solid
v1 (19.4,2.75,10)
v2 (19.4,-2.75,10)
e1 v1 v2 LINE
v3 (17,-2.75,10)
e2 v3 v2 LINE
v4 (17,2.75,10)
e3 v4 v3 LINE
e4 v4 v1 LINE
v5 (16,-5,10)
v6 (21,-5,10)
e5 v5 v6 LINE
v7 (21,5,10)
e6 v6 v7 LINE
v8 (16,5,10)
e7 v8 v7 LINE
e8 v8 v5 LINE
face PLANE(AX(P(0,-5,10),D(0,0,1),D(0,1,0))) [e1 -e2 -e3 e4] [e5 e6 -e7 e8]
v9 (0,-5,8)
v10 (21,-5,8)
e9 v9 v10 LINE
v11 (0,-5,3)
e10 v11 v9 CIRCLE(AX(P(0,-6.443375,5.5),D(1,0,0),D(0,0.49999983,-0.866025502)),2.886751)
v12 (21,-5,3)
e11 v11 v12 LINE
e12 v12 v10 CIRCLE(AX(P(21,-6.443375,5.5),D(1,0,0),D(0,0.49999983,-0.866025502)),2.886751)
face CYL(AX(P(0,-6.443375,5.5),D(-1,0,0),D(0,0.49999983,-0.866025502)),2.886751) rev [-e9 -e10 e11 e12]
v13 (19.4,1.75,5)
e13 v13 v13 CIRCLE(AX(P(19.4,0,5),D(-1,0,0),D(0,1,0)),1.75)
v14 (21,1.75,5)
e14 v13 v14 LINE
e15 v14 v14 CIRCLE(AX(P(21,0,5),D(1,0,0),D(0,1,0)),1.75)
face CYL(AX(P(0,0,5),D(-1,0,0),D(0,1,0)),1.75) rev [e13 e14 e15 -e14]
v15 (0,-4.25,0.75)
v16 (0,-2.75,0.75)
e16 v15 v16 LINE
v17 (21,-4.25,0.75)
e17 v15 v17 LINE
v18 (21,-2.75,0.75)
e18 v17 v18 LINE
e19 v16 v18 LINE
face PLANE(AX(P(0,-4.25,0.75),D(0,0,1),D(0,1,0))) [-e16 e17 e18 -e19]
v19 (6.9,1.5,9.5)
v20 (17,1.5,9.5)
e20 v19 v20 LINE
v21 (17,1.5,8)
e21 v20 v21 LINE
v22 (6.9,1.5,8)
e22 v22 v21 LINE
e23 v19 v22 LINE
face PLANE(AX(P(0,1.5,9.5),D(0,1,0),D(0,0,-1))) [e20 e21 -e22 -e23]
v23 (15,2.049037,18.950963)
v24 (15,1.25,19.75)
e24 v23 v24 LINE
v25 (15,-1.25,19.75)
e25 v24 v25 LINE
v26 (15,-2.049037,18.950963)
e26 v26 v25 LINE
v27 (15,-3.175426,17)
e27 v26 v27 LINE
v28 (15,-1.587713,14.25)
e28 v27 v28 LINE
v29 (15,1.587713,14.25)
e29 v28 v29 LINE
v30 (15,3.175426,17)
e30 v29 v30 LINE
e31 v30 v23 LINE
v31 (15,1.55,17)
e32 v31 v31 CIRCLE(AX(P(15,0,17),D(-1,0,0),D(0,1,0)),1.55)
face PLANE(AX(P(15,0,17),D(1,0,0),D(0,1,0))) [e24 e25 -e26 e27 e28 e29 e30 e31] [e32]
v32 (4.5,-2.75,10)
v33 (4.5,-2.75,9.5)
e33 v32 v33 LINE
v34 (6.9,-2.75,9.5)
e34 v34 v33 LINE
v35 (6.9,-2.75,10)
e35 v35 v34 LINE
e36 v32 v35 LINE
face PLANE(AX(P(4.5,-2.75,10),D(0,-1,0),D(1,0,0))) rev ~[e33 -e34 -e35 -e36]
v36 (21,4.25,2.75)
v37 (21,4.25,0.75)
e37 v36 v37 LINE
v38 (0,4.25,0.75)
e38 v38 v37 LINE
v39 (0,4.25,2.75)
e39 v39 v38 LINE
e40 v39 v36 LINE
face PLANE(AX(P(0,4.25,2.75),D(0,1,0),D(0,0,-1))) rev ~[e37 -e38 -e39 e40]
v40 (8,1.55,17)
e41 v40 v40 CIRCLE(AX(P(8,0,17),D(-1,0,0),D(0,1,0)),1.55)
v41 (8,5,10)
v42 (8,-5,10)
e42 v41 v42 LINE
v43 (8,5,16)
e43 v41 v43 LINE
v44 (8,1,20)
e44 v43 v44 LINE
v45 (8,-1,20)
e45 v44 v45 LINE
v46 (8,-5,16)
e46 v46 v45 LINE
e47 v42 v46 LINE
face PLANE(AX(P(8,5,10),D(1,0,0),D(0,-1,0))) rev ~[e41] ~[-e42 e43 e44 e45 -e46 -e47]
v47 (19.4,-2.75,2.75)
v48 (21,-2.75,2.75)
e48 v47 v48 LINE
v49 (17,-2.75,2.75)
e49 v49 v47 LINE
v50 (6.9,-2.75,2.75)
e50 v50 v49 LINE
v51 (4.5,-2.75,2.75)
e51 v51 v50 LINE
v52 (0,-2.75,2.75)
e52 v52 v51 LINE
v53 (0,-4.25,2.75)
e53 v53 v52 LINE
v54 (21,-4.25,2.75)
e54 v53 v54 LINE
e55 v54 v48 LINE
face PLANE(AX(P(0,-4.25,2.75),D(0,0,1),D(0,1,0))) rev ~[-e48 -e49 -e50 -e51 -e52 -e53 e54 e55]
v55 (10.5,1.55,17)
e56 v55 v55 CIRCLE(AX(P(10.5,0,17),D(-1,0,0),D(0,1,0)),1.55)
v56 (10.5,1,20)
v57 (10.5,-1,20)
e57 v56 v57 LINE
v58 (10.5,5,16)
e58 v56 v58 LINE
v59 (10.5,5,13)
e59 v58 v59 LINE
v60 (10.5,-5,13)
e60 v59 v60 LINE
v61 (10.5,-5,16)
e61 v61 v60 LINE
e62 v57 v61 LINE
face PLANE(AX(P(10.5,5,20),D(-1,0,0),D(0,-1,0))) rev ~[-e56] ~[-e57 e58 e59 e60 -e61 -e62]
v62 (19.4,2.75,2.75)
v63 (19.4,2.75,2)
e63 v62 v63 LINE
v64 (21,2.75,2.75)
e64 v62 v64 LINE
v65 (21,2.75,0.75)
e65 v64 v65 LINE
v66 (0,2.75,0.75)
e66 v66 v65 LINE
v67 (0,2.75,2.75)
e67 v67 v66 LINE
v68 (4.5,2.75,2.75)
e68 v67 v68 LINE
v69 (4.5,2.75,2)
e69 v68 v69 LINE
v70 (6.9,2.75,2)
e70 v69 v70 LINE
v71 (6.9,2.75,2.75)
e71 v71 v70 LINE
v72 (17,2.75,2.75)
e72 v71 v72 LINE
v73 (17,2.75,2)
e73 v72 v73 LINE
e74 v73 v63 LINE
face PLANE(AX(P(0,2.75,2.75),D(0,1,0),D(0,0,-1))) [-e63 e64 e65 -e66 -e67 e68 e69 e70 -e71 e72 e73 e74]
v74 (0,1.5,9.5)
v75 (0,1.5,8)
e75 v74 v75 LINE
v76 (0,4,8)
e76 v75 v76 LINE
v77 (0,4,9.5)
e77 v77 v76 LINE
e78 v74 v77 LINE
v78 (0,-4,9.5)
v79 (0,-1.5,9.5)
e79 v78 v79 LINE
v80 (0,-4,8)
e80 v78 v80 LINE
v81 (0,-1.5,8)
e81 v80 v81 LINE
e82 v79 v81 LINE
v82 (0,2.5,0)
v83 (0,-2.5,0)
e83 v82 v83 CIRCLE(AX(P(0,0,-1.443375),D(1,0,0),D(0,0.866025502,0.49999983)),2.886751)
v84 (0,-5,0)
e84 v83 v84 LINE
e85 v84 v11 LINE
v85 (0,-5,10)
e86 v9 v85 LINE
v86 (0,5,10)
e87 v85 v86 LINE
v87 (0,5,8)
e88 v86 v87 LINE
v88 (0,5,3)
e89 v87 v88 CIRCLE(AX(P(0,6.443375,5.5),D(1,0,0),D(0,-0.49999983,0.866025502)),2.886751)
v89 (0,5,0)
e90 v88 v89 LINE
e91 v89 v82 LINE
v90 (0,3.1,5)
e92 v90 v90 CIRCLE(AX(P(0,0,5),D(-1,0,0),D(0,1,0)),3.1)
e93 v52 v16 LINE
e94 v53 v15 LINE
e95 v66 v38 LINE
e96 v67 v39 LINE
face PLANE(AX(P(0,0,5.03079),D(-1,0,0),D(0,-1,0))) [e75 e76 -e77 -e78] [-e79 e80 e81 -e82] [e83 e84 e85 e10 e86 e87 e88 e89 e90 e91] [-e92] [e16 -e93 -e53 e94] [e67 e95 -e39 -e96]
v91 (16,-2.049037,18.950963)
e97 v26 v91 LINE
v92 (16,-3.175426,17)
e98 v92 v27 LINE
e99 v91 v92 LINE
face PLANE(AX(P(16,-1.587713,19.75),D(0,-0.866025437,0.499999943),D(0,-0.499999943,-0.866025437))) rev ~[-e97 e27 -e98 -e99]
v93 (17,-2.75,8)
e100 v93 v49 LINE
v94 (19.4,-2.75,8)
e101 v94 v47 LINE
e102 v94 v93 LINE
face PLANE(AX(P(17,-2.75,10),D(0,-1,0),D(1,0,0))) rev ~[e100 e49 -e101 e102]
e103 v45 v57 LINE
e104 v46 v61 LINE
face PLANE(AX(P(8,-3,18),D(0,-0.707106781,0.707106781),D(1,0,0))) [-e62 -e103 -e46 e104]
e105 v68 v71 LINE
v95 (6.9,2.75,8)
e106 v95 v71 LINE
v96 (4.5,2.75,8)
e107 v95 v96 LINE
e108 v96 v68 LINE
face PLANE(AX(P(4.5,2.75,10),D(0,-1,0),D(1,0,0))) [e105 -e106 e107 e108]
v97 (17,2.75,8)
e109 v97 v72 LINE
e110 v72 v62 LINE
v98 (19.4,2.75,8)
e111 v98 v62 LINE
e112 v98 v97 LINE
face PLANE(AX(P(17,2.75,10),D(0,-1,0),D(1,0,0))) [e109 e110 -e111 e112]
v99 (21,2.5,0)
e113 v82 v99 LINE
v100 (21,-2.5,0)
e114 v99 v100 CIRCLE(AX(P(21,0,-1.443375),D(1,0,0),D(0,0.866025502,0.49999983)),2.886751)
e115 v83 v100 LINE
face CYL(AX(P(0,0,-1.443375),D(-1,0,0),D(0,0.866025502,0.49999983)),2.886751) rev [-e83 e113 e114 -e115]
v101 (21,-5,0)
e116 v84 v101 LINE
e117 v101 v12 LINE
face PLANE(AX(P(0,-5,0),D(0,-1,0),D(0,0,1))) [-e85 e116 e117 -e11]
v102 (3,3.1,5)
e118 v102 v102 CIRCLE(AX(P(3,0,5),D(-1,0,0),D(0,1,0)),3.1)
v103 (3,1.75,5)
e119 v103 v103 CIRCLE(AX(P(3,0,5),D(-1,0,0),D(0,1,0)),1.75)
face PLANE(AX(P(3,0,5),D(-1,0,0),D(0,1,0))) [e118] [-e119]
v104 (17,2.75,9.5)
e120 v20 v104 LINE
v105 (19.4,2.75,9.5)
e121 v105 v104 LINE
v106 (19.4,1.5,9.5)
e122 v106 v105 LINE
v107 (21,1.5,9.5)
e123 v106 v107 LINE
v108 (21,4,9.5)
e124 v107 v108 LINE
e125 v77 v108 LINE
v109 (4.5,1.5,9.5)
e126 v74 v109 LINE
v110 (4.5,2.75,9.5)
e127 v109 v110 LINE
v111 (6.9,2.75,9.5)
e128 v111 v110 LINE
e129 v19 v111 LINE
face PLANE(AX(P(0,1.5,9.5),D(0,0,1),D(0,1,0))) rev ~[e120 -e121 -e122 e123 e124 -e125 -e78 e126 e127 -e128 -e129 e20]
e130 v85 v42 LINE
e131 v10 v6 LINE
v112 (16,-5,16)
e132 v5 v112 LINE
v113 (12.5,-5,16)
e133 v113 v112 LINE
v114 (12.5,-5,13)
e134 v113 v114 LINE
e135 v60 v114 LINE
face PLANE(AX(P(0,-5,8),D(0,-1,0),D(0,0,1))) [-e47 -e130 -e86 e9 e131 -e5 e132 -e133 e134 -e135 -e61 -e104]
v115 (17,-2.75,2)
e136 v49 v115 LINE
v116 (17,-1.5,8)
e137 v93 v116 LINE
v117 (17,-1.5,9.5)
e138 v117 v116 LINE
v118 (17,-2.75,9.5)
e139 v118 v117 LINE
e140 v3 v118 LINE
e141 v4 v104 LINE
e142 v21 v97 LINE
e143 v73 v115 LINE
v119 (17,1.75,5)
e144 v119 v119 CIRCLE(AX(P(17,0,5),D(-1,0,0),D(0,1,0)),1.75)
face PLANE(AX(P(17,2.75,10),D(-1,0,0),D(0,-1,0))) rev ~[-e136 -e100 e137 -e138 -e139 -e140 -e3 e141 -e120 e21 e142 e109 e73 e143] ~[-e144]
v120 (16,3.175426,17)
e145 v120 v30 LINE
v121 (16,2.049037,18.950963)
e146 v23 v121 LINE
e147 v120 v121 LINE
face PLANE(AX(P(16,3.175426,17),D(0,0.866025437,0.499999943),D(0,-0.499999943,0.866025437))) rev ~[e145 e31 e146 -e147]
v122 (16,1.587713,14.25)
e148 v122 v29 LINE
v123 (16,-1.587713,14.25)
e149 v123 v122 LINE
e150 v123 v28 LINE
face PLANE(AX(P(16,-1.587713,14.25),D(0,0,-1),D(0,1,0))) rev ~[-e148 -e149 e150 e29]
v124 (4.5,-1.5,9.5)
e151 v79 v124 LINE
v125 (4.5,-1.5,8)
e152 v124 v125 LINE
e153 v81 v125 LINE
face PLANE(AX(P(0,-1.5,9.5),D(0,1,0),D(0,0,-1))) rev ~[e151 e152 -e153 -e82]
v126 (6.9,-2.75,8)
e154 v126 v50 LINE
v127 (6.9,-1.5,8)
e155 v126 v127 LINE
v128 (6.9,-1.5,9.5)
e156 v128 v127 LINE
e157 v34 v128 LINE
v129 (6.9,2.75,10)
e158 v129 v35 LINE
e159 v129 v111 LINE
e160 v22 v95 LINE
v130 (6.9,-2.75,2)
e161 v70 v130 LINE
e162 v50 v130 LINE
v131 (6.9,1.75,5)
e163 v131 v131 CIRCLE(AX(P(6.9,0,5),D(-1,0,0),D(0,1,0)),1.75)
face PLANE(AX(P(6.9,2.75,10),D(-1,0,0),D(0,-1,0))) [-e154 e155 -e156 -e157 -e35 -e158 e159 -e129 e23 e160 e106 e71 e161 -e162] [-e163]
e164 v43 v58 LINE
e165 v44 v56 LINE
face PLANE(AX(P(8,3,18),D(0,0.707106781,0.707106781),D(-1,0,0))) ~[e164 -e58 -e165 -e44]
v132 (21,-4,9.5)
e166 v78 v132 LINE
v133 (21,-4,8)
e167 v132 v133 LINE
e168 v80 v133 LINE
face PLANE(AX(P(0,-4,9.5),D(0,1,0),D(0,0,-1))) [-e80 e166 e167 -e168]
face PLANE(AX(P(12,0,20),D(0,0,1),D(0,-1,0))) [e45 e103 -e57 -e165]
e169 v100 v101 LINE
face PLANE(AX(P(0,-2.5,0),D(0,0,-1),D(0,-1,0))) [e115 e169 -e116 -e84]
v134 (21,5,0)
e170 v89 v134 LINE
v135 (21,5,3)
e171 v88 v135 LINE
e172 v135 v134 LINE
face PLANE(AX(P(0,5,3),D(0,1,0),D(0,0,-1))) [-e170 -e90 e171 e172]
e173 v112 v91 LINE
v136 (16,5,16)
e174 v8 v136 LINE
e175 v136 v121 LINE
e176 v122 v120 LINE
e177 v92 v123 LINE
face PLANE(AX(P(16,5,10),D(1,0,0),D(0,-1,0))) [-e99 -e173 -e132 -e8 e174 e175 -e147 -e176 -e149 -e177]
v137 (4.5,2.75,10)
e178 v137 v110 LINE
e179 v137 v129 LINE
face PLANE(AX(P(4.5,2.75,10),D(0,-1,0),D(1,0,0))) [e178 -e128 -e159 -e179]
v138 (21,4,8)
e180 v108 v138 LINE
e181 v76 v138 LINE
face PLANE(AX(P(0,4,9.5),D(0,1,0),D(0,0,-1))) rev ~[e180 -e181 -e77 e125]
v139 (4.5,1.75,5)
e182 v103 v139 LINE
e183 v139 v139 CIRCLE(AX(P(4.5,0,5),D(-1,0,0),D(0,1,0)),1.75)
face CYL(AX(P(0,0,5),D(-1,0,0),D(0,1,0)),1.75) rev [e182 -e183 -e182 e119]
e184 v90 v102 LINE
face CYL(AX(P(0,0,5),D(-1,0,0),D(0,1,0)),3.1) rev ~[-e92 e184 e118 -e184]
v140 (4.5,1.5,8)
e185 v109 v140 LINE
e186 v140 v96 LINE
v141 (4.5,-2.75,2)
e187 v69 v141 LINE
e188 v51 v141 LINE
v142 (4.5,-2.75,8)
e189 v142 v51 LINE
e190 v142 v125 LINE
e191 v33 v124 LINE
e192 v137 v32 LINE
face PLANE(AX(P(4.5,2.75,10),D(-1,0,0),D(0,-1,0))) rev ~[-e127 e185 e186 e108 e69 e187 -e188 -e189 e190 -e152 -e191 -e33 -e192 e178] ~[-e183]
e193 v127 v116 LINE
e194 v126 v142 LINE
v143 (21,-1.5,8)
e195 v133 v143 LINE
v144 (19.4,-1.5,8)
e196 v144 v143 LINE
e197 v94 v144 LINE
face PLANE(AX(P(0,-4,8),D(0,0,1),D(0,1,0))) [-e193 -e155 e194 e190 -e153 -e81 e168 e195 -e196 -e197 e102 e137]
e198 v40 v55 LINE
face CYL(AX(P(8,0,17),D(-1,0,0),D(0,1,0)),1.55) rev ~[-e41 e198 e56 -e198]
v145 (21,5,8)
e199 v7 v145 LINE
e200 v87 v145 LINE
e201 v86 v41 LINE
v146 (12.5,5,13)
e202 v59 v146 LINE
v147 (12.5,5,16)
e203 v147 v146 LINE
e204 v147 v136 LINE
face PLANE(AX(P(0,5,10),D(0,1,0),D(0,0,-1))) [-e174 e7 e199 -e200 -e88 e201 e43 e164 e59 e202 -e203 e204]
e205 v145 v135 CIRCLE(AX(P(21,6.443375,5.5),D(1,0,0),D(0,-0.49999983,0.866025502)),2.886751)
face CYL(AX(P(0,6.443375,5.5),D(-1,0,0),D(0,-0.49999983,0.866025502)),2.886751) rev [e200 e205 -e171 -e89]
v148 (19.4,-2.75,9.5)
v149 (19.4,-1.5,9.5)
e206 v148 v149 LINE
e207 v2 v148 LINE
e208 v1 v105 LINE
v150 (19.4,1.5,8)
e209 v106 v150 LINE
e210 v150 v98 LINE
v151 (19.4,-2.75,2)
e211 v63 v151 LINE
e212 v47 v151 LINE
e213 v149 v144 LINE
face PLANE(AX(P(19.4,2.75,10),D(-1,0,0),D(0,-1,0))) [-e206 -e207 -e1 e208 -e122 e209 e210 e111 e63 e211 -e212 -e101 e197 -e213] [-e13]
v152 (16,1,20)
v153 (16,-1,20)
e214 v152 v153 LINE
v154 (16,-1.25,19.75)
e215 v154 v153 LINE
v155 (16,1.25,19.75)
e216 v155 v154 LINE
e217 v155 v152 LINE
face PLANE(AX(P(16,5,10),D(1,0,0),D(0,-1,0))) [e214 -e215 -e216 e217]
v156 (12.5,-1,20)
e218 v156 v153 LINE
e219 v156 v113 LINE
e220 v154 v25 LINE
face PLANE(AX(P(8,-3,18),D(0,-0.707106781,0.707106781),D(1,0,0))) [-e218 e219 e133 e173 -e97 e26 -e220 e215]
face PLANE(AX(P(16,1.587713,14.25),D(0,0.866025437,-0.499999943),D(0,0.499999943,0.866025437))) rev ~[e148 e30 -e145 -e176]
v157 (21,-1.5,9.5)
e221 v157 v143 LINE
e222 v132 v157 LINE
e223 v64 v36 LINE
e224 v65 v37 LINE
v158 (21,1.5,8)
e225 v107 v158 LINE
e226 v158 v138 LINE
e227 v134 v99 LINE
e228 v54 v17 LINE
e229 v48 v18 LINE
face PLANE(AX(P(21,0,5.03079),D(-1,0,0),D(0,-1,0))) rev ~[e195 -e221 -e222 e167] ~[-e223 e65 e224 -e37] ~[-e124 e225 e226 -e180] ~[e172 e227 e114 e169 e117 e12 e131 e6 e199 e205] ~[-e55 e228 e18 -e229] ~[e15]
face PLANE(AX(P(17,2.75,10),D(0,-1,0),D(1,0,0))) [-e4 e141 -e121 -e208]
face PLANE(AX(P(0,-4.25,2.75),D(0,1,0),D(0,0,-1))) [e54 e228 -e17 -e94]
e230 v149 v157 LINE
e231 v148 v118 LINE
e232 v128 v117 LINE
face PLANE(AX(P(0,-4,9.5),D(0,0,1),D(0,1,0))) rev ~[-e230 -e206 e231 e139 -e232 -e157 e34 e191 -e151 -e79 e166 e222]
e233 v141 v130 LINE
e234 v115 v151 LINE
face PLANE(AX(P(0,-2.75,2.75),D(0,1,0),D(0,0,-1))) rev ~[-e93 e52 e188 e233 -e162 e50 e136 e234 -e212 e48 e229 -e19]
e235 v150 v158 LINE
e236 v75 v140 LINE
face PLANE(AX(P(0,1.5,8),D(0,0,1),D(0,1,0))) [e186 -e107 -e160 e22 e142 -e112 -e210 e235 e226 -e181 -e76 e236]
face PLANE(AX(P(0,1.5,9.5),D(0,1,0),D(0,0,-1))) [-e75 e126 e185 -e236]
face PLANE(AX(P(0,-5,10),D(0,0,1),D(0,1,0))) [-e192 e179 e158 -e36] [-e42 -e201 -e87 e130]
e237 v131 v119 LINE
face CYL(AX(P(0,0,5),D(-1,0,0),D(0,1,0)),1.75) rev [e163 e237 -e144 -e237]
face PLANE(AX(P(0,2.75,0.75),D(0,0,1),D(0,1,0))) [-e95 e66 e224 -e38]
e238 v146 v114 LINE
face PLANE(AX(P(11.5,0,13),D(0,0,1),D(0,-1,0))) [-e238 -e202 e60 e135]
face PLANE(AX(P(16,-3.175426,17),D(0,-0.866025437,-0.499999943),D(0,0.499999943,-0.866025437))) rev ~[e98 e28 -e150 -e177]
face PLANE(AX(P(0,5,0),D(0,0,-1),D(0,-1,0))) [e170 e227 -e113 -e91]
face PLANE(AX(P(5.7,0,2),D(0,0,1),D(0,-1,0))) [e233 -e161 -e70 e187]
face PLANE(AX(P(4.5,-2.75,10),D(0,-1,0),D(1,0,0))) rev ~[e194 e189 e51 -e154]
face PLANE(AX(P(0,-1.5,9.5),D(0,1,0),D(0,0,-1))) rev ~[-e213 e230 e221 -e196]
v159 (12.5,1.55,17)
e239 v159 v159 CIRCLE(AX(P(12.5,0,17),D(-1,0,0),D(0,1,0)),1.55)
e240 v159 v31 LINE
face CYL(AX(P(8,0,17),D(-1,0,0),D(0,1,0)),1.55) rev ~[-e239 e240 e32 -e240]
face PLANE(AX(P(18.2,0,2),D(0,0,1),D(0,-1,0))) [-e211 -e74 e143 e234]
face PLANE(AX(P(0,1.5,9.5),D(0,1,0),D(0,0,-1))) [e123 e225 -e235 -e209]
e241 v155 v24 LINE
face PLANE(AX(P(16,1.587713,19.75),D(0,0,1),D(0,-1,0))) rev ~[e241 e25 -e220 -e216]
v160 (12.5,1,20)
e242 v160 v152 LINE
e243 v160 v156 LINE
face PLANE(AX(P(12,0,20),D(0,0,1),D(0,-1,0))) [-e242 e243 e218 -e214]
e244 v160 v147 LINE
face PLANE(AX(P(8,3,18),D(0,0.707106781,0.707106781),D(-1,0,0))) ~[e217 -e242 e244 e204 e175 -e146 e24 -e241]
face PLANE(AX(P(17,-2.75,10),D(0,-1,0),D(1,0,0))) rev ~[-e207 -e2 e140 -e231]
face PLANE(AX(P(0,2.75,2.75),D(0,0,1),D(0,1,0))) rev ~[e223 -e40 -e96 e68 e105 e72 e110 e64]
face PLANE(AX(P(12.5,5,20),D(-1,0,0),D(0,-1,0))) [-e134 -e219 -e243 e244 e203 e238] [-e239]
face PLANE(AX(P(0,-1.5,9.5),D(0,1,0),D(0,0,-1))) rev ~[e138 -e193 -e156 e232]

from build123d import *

# Parameters (mm, degrees)
SKETCH_R        = 1.75
PAD_DEPTH       = 21
SKETCH002_W     = 5.5
SKETCH002_H     = 2.4
POCKET_DEPTH    = 8
SKETCH003_R     = 3.1
POCKET001_DEPTH = 3
SKETCH007_W     = 1.5
SKETCH007_H     = 2
SKETCH007_W_2   = 2.5
SKETCH007_H_2   = 1.5
POCKET002_DEPTH = 21.001
SKETCH008_W     = 10
SKETCH008_H     = 8
PAD001_DEPTH    = 10
CHAMFER_SIZE    = 4
SKETCH009_R     = 1.55
POCKET003_DEPTH = 13.001
POCKET004_DEPTH = 1
SKETCH011_W     = 10
SKETCH011_H     = 2
POCKET005_DEPTH = 7


with BuildPart() as part:
    # Sketch → Pad (new body)
    with BuildSketch(Plane.YZ):
        with BuildLine():
            Line((-5, 8), (-5, 10))
            Line((-5, 10), (5, 10))
            Line((5, 10), (5, 8))
            ThreePointArc((5, 8), (3.556624, 5.5), (5, 3))
            Line((5, 3), (5, 0))
            Line((5, 0), (2.5, 0))
            ThreePointArc((2.5, 0), (0, 1.443376), (-2.5, 0))
            Line((-2.5, 0), (-5, 0))
            Line((-5, 0), (-5, 3))
            ThreePointArc((-5, 3), (-3.556624, 5.5), (-5, 8))
        make_face()
        with Locations((0, 5)):
            Circle(SKETCH_R, mode=Mode.SUBTRACT)
    extrude(amount=PAD_DEPTH)

    # Sketch002 → Pocket (cut)
    with BuildSketch(Plane(origin=(0, 0, 10), x_dir=(0, -1, 0), z_dir=(0, 0, 1))):
        with Locations((0, 5.7)):
            Rectangle(SKETCH002_W, SKETCH002_H)
        with Locations((0, 18.2)):
            Rectangle(SKETCH002_W, SKETCH002_H)
    extrude(amount=-POCKET_DEPTH, mode=Mode.SUBTRACT)

    # Sketch003 (on Face4 of Pocket) → Pocket001 (cut)
    with BuildSketch(Plane(origin=(0, 0, 0), x_dir=(0, 1, 0), z_dir=(-1, 0, 0))):
        with Locations((0, -5)):
            Circle(SKETCH003_R)
    extrude(amount=-POCKET001_DEPTH, mode=Mode.SUBTRACT)

    # Sketch007 (on Face4 of Pocket001) → Pocket002 (cut, through all)
    with BuildSketch(Plane(origin=(0, 0, 0), x_dir=(0, 1, 0), z_dir=(-1, 0, 0))):
        with Locations((-3.5, -1.75)):
            Rectangle(SKETCH007_W, SKETCH007_H)
        with Locations((3.5, -1.75)):
            Rectangle(SKETCH007_W, SKETCH007_H)
        with Locations((-2.75, -8.75)):
            Rectangle(SKETCH007_W_2, SKETCH007_H_2)
        with Locations((2.75, -8.75)):
            Rectangle(SKETCH007_W_2, SKETCH007_H_2)
    extrude(amount=-POCKET002_DEPTH, mode=Mode.SUBTRACT)

    # Sketch008 (on Face3 of Pocket002) → Pad001 (join)
    with BuildSketch(Plane(origin=(0, 0, 10), x_dir=(0, -1, 0), z_dir=(0, 0, 1))):
        with Locations((0, 12)):
            Rectangle(SKETCH008_W, SKETCH008_H)
    extrude(amount=PAD001_DEPTH)

    # Chamfer
    chamfer_edges = [part.edges().sort_by_distance(p)[0] for p in [
        (12, -5, 20),
        (12, 5, 20),
    ]]
    chamfer(chamfer_edges, length=CHAMFER_SIZE)

    # Sketch009 (on Face5 of Chamfer) → Pocket003 (cut, through all)
    with BuildSketch(Plane(origin=(8, 0, 0), x_dir=(0, 1, 0), z_dir=(-1, 0, 0))):
        with Locations((0, -17)):
            Circle(SKETCH009_R)
    extrude(amount=-POCKET003_DEPTH, mode=Mode.SUBTRACT)

    # Sketch010 (on Face2 of Pocket003) → Pocket004 (cut)
    with BuildSketch(Plane.YZ.offset(16)):
        Polygon((3.175426, 17), (1.587713, 19.75), (-1.587713, 19.75), (-3.175426, 17), (-1.587713, 14.25), (1.587713, 14.25), align=None)
    extrude(amount=-POCKET004_DEPTH, mode=Mode.SUBTRACT)

    # Sketch011 (on Face17 of Pocket004) → Pocket005 (cut)
    with BuildSketch(Plane(origin=(0, 0, 20), x_dir=(0, -1, 0), z_dir=(0, 0, 1))):
        with Locations((0, 11.5)):
            Rectangle(SKETCH011_W, SKETCH011_H)
    extrude(amount=-POCKET005_DEPTH, mode=Mode.SUBTRACT)


solid = part.part
